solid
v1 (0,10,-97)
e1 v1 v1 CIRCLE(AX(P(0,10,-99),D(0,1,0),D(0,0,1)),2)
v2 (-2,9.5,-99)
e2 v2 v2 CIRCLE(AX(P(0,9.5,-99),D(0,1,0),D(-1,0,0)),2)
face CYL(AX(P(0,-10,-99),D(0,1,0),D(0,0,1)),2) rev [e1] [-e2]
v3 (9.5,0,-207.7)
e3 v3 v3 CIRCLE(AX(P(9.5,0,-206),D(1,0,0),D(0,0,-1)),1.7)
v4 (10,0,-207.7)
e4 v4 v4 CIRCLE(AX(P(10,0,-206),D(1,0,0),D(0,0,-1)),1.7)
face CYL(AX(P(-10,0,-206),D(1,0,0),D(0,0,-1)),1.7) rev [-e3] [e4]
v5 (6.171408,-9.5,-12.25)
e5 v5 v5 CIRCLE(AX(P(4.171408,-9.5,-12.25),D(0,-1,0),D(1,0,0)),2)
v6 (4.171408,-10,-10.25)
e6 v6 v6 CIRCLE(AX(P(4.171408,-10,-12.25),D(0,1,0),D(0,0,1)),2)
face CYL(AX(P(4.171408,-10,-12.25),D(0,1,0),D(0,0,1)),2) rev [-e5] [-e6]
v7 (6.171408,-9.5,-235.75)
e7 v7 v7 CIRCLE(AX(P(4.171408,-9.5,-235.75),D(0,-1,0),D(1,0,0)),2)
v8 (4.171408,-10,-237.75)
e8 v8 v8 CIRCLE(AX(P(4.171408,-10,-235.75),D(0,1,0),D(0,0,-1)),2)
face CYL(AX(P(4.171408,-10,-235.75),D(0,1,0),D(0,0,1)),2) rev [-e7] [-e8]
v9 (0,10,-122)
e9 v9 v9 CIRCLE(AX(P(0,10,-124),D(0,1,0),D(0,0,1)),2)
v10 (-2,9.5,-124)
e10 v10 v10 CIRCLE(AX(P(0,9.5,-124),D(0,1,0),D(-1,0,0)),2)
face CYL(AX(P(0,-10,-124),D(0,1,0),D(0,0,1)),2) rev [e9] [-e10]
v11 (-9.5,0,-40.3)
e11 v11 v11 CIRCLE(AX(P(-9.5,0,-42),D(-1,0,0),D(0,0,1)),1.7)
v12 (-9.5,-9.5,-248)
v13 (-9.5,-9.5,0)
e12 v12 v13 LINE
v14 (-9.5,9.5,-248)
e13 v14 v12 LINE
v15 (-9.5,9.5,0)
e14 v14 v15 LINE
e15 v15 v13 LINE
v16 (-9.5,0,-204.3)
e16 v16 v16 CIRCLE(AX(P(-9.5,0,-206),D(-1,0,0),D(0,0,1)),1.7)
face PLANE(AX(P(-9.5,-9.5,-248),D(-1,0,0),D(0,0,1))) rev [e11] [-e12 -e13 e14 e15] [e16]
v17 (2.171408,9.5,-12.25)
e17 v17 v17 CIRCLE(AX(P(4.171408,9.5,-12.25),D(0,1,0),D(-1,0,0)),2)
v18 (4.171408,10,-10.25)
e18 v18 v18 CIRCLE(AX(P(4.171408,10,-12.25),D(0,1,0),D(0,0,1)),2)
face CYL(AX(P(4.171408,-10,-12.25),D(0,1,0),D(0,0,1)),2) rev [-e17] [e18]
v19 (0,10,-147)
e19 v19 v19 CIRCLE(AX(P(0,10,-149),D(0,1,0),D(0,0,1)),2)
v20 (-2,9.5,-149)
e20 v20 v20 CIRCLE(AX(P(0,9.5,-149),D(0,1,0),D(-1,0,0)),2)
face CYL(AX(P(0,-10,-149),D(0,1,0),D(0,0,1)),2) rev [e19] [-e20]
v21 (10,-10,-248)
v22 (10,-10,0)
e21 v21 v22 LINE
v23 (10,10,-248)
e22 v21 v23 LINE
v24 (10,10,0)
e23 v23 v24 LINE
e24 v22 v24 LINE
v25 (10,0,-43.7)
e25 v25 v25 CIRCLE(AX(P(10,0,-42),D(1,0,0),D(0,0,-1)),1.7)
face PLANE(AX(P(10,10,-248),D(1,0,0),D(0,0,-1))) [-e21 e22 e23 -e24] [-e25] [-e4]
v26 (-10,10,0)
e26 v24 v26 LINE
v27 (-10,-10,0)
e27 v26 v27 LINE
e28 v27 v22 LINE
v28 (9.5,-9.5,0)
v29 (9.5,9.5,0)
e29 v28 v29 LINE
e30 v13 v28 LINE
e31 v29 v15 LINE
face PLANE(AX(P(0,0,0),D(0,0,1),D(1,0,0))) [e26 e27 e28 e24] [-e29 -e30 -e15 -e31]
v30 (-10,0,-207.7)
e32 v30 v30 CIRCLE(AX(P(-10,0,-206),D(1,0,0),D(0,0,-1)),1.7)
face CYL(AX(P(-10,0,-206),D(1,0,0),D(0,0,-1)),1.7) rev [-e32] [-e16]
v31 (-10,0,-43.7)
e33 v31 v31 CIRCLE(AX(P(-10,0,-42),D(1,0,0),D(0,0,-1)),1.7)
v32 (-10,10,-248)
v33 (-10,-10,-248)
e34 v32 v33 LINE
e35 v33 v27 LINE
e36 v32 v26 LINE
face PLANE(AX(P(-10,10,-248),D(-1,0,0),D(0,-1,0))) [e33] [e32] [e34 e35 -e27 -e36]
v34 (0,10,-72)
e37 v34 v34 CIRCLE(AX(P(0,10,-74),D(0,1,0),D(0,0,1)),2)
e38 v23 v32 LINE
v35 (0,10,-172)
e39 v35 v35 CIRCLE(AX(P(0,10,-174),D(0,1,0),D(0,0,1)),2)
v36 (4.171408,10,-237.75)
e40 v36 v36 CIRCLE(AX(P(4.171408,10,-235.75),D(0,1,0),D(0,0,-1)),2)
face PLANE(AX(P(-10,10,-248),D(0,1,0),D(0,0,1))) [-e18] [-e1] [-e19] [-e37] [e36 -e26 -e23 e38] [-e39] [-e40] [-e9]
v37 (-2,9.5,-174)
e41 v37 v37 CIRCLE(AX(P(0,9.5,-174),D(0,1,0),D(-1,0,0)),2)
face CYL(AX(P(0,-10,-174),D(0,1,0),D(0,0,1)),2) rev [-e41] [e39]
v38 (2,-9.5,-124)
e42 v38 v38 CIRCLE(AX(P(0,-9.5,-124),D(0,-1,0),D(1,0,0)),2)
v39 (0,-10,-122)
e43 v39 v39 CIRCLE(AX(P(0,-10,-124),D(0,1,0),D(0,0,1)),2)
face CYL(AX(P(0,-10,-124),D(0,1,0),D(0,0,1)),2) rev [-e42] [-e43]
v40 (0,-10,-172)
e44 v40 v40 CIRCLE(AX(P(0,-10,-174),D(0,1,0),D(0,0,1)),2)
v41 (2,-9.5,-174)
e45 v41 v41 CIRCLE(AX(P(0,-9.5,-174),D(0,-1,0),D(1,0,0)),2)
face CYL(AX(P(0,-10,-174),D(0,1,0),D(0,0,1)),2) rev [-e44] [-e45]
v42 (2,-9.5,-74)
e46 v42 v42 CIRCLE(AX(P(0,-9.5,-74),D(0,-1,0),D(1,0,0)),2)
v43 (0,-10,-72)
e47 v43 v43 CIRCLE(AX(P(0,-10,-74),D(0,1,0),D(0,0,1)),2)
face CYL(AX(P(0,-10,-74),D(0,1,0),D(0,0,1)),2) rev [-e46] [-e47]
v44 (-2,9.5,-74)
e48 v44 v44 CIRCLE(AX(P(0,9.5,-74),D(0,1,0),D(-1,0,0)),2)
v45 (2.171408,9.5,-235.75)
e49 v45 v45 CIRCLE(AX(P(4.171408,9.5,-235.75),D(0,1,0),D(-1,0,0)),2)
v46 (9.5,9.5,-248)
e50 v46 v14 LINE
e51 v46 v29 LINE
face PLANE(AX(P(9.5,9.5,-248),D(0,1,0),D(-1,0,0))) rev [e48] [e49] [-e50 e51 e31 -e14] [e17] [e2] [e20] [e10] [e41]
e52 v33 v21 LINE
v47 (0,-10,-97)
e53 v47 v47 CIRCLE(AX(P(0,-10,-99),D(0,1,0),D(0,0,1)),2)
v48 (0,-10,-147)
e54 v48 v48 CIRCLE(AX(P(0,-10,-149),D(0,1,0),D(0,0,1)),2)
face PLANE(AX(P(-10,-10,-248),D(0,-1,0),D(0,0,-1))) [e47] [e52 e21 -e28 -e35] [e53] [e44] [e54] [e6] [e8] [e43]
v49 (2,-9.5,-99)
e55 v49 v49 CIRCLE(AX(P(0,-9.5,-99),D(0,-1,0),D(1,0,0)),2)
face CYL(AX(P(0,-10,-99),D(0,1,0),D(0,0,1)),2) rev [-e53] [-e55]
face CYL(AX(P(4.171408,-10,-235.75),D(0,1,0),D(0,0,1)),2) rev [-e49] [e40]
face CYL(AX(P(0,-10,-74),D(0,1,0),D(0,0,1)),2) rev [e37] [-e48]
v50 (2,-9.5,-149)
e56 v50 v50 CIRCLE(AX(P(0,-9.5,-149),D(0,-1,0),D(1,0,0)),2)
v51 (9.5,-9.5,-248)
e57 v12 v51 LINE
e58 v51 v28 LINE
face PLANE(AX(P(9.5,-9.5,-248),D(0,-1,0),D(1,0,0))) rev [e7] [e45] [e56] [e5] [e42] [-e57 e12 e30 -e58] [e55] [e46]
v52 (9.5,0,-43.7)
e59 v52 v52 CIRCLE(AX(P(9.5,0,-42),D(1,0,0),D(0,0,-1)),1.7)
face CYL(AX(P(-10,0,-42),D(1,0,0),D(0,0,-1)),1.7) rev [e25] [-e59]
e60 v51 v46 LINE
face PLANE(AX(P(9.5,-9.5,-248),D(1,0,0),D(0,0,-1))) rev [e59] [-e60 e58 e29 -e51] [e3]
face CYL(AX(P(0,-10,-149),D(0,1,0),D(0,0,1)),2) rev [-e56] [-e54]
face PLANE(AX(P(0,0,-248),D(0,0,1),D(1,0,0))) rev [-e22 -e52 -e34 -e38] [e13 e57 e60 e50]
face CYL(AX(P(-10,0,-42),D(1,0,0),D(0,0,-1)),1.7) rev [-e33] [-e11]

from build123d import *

# Parameters (mm, degrees)
SKETCH_1_W          = 20
SKETCH_1_H          = 20
SKETCH_1_W_2        = 19
SKETCH_1_H_2        = 19
EXTRUDE_1_DEPTH     = 248
SKETCH_2_R          = 2
CUT_EXTRUDE_1_DEPTH = 250.006024024
SKETCH_3_R          = 2
CUT_EXTRUDE_2_DEPTH = 250.006024024
SKETCH_4_R          = 1.7
CUT_EXTRUDE_3_DEPTH = 250.006024024


with BuildPart() as part:
    # 草图1 → 凸台-拉伸1 (new body)
    with BuildSketch(Plane.XY):
        Rectangle(SKETCH_1_W, SKETCH_1_H)
        Rectangle(SKETCH_1_W_2, SKETCH_1_H_2, mode=Mode.SUBTRACT)
    extrude(amount=-EXTRUDE_1_DEPTH)

    # 草图2 → 切除-拉伸1 (cut, through all)
    with BuildSketch(Plane(origin=(0, 10, 0), x_dir=(1, 0, 0), z_dir=(0, 1, 0))):
        with Locations(Location((4.171407716, 12.25, 0), (0, 0, 270))):
            Circle(SKETCH_2_R)
        with Locations((4.171407716, 235.75)):
            Circle(SKETCH_2_R)
    extrude(amount=-CUT_EXTRUDE_1_DEPTH, mode=Mode.SUBTRACT)

    # 草图3 → 切除-拉伸2 (cut, through all)
    with BuildSketch(Plane(origin=(0, 10, 0), x_dir=(1, 0, 0), z_dir=(0, 1, 0))):
        with Locations(Location((0, 74, 0), (0, 0, 270))):
            Circle(SKETCH_3_R)
        with Locations(Location((0, 99, 0), (0, 0, 270))):
            Circle(SKETCH_3_R)
        with Locations(Location((0, 124, 0), (0, 0, 270))):
            Circle(SKETCH_3_R)
        with Locations(Location((0, 149, 0), (0, 0, 270))):
            Circle(SKETCH_3_R)
        with Locations(Location((0, 174, 0), (0, 0, 270))):
            Circle(SKETCH_3_R)
    extrude(amount=-CUT_EXTRUDE_2_DEPTH, mode=Mode.SUBTRACT)

    # 草图4 → 切除-拉伸3 (cut, through all)
    with BuildSketch(Plane(origin=(10, 0, 0), x_dir=(0, 0, -1), z_dir=(1, 0, 0))):
        with Locations((42, 0)):
            Circle(SKETCH_4_R)
        with Locations((206, 0)):
            Circle(SKETCH_4_R)
    extrude(amount=-CUT_EXTRUDE_3_DEPTH, mode=Mode.SUBTRACT)


solid = part.part
